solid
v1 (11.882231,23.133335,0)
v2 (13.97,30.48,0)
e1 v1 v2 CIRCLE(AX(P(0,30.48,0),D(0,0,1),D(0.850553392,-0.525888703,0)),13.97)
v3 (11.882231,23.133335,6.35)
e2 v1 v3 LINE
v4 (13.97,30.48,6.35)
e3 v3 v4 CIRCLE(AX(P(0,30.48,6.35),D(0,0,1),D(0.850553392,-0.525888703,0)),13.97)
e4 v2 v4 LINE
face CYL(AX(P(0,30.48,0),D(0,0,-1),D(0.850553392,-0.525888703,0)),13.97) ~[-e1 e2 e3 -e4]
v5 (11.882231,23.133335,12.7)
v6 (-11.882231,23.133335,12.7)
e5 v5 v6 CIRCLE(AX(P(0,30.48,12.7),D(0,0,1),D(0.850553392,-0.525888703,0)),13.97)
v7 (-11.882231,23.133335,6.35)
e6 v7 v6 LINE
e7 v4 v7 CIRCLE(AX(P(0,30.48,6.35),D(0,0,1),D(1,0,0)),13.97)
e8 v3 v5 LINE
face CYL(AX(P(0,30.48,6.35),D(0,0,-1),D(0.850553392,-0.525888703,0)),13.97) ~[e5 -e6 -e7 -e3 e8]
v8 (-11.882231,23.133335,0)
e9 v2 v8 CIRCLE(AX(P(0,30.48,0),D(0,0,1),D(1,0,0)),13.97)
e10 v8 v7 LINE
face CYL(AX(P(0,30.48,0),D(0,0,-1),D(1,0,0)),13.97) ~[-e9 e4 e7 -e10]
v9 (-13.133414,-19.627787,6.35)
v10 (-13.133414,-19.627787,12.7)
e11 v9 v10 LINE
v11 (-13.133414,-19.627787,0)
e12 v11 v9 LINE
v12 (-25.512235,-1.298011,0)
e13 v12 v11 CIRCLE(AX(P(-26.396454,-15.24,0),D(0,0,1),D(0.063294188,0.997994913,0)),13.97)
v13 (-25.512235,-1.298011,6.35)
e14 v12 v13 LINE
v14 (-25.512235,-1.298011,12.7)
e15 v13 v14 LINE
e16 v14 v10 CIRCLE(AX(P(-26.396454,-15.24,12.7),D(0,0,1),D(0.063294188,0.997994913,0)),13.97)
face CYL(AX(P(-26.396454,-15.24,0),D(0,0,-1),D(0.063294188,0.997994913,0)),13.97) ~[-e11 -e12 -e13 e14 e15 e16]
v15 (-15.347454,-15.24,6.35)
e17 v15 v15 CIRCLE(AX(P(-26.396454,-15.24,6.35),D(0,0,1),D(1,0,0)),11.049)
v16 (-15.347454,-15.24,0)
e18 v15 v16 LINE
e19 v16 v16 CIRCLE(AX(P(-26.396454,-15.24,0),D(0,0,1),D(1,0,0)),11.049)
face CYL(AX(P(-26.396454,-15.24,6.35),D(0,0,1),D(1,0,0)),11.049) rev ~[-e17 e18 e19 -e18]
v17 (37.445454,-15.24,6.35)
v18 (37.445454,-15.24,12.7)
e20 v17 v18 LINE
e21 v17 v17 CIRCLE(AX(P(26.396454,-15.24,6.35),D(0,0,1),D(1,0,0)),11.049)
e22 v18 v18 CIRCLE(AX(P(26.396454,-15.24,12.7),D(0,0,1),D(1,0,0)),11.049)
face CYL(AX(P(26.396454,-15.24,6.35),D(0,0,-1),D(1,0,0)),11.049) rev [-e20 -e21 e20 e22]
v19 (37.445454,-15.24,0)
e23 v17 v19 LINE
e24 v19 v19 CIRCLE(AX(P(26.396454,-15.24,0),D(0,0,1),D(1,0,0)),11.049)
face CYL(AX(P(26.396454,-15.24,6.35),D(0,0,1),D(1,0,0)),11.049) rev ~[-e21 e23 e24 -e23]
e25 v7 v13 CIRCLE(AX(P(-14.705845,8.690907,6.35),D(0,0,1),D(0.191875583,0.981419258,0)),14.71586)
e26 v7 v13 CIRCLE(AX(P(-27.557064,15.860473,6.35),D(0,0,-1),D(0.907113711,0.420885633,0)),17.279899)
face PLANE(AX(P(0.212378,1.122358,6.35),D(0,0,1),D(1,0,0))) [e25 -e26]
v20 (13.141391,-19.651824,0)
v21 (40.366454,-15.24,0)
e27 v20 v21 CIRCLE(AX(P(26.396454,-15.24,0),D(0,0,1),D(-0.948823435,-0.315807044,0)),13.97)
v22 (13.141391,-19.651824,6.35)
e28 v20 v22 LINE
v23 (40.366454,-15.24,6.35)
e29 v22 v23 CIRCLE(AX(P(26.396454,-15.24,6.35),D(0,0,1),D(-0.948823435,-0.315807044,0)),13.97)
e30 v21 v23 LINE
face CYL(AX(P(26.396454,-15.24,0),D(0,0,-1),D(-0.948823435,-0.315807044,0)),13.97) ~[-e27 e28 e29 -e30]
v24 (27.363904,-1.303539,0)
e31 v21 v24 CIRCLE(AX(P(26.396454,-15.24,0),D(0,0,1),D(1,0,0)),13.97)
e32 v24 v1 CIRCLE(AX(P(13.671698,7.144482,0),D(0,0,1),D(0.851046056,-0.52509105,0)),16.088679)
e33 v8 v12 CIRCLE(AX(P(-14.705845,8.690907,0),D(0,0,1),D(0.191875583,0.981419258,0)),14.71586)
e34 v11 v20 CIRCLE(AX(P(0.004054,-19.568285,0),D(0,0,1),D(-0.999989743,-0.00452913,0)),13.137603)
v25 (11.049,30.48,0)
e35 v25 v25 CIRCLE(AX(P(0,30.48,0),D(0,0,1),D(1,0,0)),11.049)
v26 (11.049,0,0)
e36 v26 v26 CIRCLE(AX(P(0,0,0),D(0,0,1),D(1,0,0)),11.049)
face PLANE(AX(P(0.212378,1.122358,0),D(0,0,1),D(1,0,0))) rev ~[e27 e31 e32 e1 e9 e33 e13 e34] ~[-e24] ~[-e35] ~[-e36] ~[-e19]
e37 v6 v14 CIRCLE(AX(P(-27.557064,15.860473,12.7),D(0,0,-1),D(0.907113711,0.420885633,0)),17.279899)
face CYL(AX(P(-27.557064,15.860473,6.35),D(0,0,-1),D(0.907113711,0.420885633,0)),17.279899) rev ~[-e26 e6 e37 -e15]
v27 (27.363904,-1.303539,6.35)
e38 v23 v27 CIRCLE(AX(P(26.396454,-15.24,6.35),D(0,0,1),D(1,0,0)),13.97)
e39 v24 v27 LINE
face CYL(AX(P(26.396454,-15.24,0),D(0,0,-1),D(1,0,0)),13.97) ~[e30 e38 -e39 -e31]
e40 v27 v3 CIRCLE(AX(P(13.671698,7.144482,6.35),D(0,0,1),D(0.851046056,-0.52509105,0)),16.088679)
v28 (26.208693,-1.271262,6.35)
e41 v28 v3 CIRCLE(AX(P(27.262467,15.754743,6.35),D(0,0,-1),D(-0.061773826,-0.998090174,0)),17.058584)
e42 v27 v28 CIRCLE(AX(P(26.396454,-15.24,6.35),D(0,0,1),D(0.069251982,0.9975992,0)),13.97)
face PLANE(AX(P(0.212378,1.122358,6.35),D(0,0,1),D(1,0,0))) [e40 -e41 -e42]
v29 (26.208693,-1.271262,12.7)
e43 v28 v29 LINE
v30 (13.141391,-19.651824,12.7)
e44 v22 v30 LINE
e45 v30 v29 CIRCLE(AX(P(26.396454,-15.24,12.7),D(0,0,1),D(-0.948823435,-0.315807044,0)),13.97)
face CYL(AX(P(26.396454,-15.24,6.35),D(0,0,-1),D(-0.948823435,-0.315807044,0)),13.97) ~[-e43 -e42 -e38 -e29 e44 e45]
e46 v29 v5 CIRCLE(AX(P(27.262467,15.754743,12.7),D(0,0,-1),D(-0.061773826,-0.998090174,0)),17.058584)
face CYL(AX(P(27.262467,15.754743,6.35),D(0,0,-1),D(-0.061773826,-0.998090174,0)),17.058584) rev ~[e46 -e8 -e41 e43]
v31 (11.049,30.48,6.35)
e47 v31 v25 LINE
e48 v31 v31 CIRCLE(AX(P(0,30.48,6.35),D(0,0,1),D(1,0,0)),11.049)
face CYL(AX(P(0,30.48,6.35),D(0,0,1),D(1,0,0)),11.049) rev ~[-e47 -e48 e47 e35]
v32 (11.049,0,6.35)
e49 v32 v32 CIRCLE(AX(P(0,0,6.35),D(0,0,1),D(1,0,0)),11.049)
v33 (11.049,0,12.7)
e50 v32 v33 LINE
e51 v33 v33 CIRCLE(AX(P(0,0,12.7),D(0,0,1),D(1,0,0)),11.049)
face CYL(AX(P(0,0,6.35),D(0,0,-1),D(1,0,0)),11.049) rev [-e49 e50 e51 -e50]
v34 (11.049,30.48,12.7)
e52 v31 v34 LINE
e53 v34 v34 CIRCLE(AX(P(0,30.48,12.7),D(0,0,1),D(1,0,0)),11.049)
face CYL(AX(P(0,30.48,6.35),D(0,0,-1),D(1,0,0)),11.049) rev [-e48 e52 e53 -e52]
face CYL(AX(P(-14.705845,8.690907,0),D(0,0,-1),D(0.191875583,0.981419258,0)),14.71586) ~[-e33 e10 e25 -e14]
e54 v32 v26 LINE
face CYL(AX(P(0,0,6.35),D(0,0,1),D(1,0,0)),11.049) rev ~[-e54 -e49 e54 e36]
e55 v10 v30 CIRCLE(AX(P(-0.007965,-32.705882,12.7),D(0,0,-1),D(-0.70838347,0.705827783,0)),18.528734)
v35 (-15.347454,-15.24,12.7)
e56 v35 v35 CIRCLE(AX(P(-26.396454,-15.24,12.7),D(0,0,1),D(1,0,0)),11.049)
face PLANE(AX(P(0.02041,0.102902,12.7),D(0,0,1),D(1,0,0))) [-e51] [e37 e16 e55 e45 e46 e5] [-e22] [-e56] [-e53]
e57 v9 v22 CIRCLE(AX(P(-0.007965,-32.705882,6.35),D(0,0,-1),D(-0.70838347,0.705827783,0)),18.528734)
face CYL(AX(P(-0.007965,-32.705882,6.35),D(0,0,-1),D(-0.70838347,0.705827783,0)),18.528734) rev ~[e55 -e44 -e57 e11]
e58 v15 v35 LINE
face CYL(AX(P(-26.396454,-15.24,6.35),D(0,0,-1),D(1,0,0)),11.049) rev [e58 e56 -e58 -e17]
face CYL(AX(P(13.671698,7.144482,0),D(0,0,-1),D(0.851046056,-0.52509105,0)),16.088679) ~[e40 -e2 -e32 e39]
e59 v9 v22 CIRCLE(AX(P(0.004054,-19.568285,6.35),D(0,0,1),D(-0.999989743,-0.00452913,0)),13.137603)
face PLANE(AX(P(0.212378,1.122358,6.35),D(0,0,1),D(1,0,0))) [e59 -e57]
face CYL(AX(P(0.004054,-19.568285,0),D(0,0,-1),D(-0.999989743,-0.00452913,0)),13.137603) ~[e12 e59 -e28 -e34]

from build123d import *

# Parameters (mm, degrees)
F0_R       = 13.97
F0_R_2     = 11.049
F1_DEPTH   = 6.35
F2_R       = 11.049
F3_DEPTH   = 6.35
F4_DEPTH   = 6.35
F1_FACE_R  = 11.049
F1_FACE1_R = 11.049
F5_DEPTH   = 6.35
F6_DEPTH   = 25.4


with BuildPart() as f1:
    # F0 (on Top) → F1 (new body)
    with BuildSketch(Plane.XY):
        with BuildLine():
            ThreePointArc((11.8822308851, 23.133334825), (0, 16.51), (-11.8822308851, 23.133334825))
            ThreePointArc((-11.8822308851, 23.133334825), (-12.4666938835, 7.4417065656), (-25.5122345043, -1.2980110694))
            ThreePointArc((-25.5122345043, -1.2980110694), (-16.2103497858, -5.6794469472), (-12.4264543073, -15.24))
            ThreePointArc((-12.4264543073, -15.24), (-12.6043267068, -17.4621872669), (-13.1334144003, -19.627786734))
            ThreePointArc((-13.1334144003, -19.627786734), (0.0089857965, -14.1771556489), (13.141390917, -19.6518243979))
            ThreePointArc((13.141390917, -19.6518243979), (15.0105571103, -7.1454187867), (26.2086928391, -1.2712618454))
            ThreePointArc((26.2086928391, -1.2712618454), (12.551407877, 7.1187703581), (11.8822308851, 23.133334825))
        make_face()
        Circle(F0_R, mode=Mode.SUBTRACT)
        Circle(F0_R)
        Circle(F0_R_2, mode=Mode.SUBTRACT)
        with BuildLine():
            ThreePointArc((11.8822308851, 23.133334825), (13.4379251647, 26.6612217572), (13.97, 30.48))
            ThreePointArc((13.97, 30.48), (-3.8187782428, 43.9179251647), (-11.8822308851, 23.133334825))
            ThreePointArc((-11.8822308851, 23.133334825), (0, 16.51), (11.8822308851, 23.133334825))
        make_face()
        with Locations((0, 30.48)):
            Circle(F0_R_2, mode=Mode.SUBTRACT)
        with BuildLine():
            ThreePointArc((-12.4264543073, -15.24), (-16.2103497858, -5.6794469472), (-25.5122345043, -1.2980110694))
            ThreePointArc((-25.5122345043, -1.2980110694), (-37.9736477628, -23.0585351374), (-13.1334144003, -19.627786734))
            ThreePointArc((-13.1334144003, -19.627786734), (-12.6043267068, -17.4621872669), (-12.4264543073, -15.24))
        make_face()
        with Locations((-26.3964543073, -15.24)):
            Circle(F0_R_2, mode=Mode.SUBTRACT)
        with BuildLine():
            ThreePointArc((27.3639044924, -1.3035391817), (26.786025252, -1.2971860413), (26.2086928391, -1.2712618454))
            ThreePointArc((26.2086928391, -1.2712618454), (15.0105571103, -7.1454187867), (13.141390917, -19.6518243979))
            ThreePointArc((13.141390917, -19.6518243979), (28.6311427014, -29.0301076059), (40.3664543073, -15.24))
            ThreePointArc((40.3664543073, -15.24), (36.6110560883, -5.7098997667), (27.3639044924, -1.3035391817))
        make_face()
        with Locations((26.3964543073, -15.24)):
            Circle(F0_R_2, mode=Mode.SUBTRACT)
        with Locations((26.3964543073, -15.24)):
            Circle(F0_R_2)
        Circle(F0_R_2)
        with Locations((0, 30.48)):
            Circle(F0_R_2)
        with Locations((-26.3964543073, -15.24)):
            Circle(F0_R_2)
        with BuildLine():
            ThreePointArc((27.3639044924, -1.3035391817), (26.7866325748, -1.275449849), (26.2086928391, -1.2712618454))
            ThreePointArc((26.2086928391, -1.2712618454), (26.786025252, -1.2971860413), (27.3639044924, -1.3035391817))
        make_face()
    extrude(amount=F1_DEPTH)

    # F2 (on face) → F3 (cut)
    with BuildSketch(Plane.XY.offset(6.35)):
        with Locations((-26.3964543073, -15.24)):
            Circle(F2_R)
        with Locations((0, 30.48)):
            Circle(F2_R)
        with Locations((26.3964543073, -15.24)):
            Circle(F2_R)
    extrude(amount=-F3_DEPTH, mode=Mode.SUBTRACT)

    # F2 (on face) → F4 (cut)
    with BuildSketch(Plane.XY.offset(6.35)):
        Circle(F2_R)
    extrude(amount=-F4_DEPTH, mode=Mode.SUBTRACT)

    # F0 (on Top) + F1_face (on face) + F1_face1 (on face) → F5 (join)
    with BuildSketch(Plane.XY):
        with BuildLine():
            ThreePointArc((11.8822308851, 23.133334825), (0, 16.51), (-11.8822308851, 23.133334825))
            ThreePointArc((-11.8822308851, 23.133334825), (-12.4666938835, 7.4417065656), (-25.5122345043, -1.2980110694))
            ThreePointArc((-25.5122345043, -1.2980110694), (-16.2103497858, -5.6794469472), (-12.4264543073, -15.24))
            ThreePointArc((-12.4264543073, -15.24), (-12.6043267068, -17.4621872669), (-13.1334144003, -19.627786734))
            ThreePointArc((-13.1334144003, -19.627786734), (0.0089857965, -14.1771556489), (13.141390917, -19.6518243979))
            ThreePointArc((13.141390917, -19.6518243979), (15.0105571103, -7.1454187867), (26.2086928391, -1.2712618454))
            ThreePointArc((26.2086928391, -1.2712618454), (12.551407877, 7.1187703581), (11.8822308851, 23.133334825))
        make_face()
        Circle(F0_R, mode=Mode.SUBTRACT)
        with BuildLine():
            ThreePointArc((11.8822308851, 23.133334825), (13.4379251647, 26.6612217572), (13.97, 30.48))
            ThreePointArc((13.97, 30.48), (-3.8187782428, 43.9179251647), (-11.8822308851, 23.133334825))
            ThreePointArc((-11.8822308851, 23.133334825), (0, 16.51), (11.8822308851, 23.133334825))
        make_face()
        with Locations((0, 30.48)):
            Circle(F0_R_2, mode=Mode.SUBTRACT)
        Circle(F0_R)
        Circle(F0_R_2, mode=Mode.SUBTRACT)
        with BuildLine():
            ThreePointArc((-12.4264543073, -15.24), (-16.2103497858, -5.6794469472), (-25.5122345043, -1.2980110694))
            ThreePointArc((-25.5122345043, -1.2980110694), (-37.9736477628, -23.0585351374), (-13.1334144003, -19.627786734))
            ThreePointArc((-13.1334144003, -19.627786734), (-12.6043267068, -17.4621872669), (-12.4264543073, -15.24))
        make_face()
        with Locations((-26.3964543073, -15.24)):
            Circle(F0_R_2, mode=Mode.SUBTRACT)
        with BuildLine():
            ThreePointArc((27.3639044924, -1.3035391817), (26.786025252, -1.2971860413), (26.2086928391, -1.2712618454))
            ThreePointArc((26.2086928391, -1.2712618454), (15.0105571103, -7.1454187867), (13.141390917, -19.6518243979))
            ThreePointArc((13.141390917, -19.6518243979), (28.6311427014, -29.0301076059), (40.3664543073, -15.24))
            ThreePointArc((40.3664543073, -15.24), (36.6110560883, -5.7098997667), (27.3639044924, -1.3035391817))
        make_face()
        with Locations((26.3964543073, -15.24)):
            Circle(F0_R_2, mode=Mode.SUBTRACT)
        with Locations((26.3964543073, -15.24)):
            Circle(F0_R_2)
        with Locations((0, 30.48)):
            Circle(F0_R_2)
        with Locations((-26.3964543073, -15.24)):
            Circle(F0_R_2)
        Circle(F0_R_2)
        with BuildLine():
            ThreePointArc((13.141390917, -19.6518243979), (0.0089857965, -14.1771556489), (-13.1334144003, -19.627786734))
            ThreePointArc((-13.1334144003, -19.627786734), (-0.0079653205, -32.7058821649), (13.141390917, -19.6518243979))
        make_face()
        with BuildLine():
            ThreePointArc((27.3639044924, -1.3035391817), (27.2624668136, 15.7547428761), (11.8822308851, 23.133334825))
            ThreePointArc((11.8822308851, 23.133334825), (12.551407877, 7.1187703581), (26.2086928391, -1.2712618454))
            ThreePointArc((26.2086928391, -1.2712618454), (26.7866325748, -1.275449849), (27.3639044924, -1.3035391817))
        make_face()
        with BuildLine():
            ThreePointArc((-25.5122345043, -1.2980110694), (-12.4666938835, 7.4417065656), (-11.8822308851, 23.133334825))
            ThreePointArc((-11.8822308851, 23.133334825), (-27.5570644864, 15.8604734571), (-25.5122345043, -1.2980110694))
        make_face()
        with BuildLine():
            ThreePointArc((27.3639044924, -1.3035391817), (26.7866325748, -1.275449849), (26.2086928391, -1.2712618454))
            ThreePointArc((26.2086928391, -1.2712618454), (26.786025252, -1.2971860413), (27.3639044924, -1.3035391817))
        make_face()
    with BuildSketch(Plane(origin=(-0.004664817, 0.0791445283, 6.35), x_dir=(1, 0, 0), z_dir=(0, 0, 1))):
        with BuildLine():
            ThreePointArc((13.146055734, -19.7309689261), (37.7870163213, -23.4137257416), (26.213357656, -1.3504063737))
            ThreePointArc((26.213357656, -1.3504063737), (12.556072694, 7.0396258298), (11.886895702, 23.0541902967))
            ThreePointArc((11.886895702, 23.0541902967), (0.004664817, 44.3708554717), (-11.8775660681, 23.0541902967))
            ThreePointArc((-11.8775660681, 23.0541902967), (-12.4620290666, 7.3625620373), (-25.5075696873, -1.3771555977))
            ThreePointArc((-25.5075696873, -1.3771555977), (-37.9689829458, -23.1376796657), (-13.1287495833, -19.7069312623))
            ThreePointArc((-13.1287495833, -19.7069312623), (0.0136506135, -14.2563001772), (13.146055734, -19.7309689261))
        make_face()
        with Locations((-26.3917894904, -15.3191445283)):
            Circle(F1_FACE_R, mode=Mode.SUBTRACT)
        with Locations((26.4011191243, -15.3191445283)):
            Circle(F1_FACE_R, mode=Mode.SUBTRACT)
        with Locations((0.004664817, -0.0791445283)):
            Circle(F1_FACE_R, mode=Mode.SUBTRACT)
        with Locations((0.004664817, 30.4008554717)):
            Circle(F1_FACE_R, mode=Mode.SUBTRACT)
    with BuildSketch(Plane(origin=(-0.0103051715, 0.1748402862, 0), x_dir=(1, 0, 0), z_dir=(0, 0, -1))):
        with BuildLine():
            ThreePointArc((26.2189980105, 1.4461021316), (37.7926566758, 23.5094214995), (13.1516960884, 19.8266646841))
            ThreePointArc((13.1516960884, 19.8266646841), (0.019290968, 14.3519959351), (-13.1231092288, 19.8026270202))
            ThreePointArc((-13.1231092288, 19.8026270202), (-37.9633425914, 23.2333754236), (-25.5019293328, 1.4728513557))
            ThreePointArc((-25.5019293328, 1.4728513557), (-12.4563887121, -7.2668662794), (-11.8719257136, -22.9584945388))
            ThreePointArc((-11.8719257136, -22.9584945388), (0.0103051715, -44.2751597138), (11.8925360565, -22.9584945388))
            ThreePointArc((11.8925360565, -22.9584945388), (12.5617130485, -6.9439300719), (26.2189980105, 1.4461021316))
        make_face()
        with Locations((-26.3861491359, 15.4148402862)):
            Circle(F1_FACE1_R, mode=Mode.SUBTRACT)
        with Locations((26.4067594788, 15.4148402862)):
            Circle(F1_FACE1_R, mode=Mode.SUBTRACT)
        with Locations((0.0103051715, 0.1748402862)):
            Circle(F1_FACE1_R, mode=Mode.SUBTRACT)
        with Locations((0.0103051715, -30.3051597138)):
            Circle(F1_FACE1_R, mode=Mode.SUBTRACT)
    extrude(amount=F5_DEPTH, dir=(0, 0, 1))

    # F2 (on face) → F6 (cut)
    with BuildSketch(Plane.XY.offset(6.35)):
        with Locations((-26.3964543073, -15.24)):
            Circle(F2_R)
        Circle(F2_R)
        with Locations((0, 30.48)):
            Circle(F2_R)
        with Locations((26.3964543073, -15.24)):
            Circle(F2_R)
    extrude(amount=-F6_DEPTH, mode=Mode.SUBTRACT)


solid = f1.part
